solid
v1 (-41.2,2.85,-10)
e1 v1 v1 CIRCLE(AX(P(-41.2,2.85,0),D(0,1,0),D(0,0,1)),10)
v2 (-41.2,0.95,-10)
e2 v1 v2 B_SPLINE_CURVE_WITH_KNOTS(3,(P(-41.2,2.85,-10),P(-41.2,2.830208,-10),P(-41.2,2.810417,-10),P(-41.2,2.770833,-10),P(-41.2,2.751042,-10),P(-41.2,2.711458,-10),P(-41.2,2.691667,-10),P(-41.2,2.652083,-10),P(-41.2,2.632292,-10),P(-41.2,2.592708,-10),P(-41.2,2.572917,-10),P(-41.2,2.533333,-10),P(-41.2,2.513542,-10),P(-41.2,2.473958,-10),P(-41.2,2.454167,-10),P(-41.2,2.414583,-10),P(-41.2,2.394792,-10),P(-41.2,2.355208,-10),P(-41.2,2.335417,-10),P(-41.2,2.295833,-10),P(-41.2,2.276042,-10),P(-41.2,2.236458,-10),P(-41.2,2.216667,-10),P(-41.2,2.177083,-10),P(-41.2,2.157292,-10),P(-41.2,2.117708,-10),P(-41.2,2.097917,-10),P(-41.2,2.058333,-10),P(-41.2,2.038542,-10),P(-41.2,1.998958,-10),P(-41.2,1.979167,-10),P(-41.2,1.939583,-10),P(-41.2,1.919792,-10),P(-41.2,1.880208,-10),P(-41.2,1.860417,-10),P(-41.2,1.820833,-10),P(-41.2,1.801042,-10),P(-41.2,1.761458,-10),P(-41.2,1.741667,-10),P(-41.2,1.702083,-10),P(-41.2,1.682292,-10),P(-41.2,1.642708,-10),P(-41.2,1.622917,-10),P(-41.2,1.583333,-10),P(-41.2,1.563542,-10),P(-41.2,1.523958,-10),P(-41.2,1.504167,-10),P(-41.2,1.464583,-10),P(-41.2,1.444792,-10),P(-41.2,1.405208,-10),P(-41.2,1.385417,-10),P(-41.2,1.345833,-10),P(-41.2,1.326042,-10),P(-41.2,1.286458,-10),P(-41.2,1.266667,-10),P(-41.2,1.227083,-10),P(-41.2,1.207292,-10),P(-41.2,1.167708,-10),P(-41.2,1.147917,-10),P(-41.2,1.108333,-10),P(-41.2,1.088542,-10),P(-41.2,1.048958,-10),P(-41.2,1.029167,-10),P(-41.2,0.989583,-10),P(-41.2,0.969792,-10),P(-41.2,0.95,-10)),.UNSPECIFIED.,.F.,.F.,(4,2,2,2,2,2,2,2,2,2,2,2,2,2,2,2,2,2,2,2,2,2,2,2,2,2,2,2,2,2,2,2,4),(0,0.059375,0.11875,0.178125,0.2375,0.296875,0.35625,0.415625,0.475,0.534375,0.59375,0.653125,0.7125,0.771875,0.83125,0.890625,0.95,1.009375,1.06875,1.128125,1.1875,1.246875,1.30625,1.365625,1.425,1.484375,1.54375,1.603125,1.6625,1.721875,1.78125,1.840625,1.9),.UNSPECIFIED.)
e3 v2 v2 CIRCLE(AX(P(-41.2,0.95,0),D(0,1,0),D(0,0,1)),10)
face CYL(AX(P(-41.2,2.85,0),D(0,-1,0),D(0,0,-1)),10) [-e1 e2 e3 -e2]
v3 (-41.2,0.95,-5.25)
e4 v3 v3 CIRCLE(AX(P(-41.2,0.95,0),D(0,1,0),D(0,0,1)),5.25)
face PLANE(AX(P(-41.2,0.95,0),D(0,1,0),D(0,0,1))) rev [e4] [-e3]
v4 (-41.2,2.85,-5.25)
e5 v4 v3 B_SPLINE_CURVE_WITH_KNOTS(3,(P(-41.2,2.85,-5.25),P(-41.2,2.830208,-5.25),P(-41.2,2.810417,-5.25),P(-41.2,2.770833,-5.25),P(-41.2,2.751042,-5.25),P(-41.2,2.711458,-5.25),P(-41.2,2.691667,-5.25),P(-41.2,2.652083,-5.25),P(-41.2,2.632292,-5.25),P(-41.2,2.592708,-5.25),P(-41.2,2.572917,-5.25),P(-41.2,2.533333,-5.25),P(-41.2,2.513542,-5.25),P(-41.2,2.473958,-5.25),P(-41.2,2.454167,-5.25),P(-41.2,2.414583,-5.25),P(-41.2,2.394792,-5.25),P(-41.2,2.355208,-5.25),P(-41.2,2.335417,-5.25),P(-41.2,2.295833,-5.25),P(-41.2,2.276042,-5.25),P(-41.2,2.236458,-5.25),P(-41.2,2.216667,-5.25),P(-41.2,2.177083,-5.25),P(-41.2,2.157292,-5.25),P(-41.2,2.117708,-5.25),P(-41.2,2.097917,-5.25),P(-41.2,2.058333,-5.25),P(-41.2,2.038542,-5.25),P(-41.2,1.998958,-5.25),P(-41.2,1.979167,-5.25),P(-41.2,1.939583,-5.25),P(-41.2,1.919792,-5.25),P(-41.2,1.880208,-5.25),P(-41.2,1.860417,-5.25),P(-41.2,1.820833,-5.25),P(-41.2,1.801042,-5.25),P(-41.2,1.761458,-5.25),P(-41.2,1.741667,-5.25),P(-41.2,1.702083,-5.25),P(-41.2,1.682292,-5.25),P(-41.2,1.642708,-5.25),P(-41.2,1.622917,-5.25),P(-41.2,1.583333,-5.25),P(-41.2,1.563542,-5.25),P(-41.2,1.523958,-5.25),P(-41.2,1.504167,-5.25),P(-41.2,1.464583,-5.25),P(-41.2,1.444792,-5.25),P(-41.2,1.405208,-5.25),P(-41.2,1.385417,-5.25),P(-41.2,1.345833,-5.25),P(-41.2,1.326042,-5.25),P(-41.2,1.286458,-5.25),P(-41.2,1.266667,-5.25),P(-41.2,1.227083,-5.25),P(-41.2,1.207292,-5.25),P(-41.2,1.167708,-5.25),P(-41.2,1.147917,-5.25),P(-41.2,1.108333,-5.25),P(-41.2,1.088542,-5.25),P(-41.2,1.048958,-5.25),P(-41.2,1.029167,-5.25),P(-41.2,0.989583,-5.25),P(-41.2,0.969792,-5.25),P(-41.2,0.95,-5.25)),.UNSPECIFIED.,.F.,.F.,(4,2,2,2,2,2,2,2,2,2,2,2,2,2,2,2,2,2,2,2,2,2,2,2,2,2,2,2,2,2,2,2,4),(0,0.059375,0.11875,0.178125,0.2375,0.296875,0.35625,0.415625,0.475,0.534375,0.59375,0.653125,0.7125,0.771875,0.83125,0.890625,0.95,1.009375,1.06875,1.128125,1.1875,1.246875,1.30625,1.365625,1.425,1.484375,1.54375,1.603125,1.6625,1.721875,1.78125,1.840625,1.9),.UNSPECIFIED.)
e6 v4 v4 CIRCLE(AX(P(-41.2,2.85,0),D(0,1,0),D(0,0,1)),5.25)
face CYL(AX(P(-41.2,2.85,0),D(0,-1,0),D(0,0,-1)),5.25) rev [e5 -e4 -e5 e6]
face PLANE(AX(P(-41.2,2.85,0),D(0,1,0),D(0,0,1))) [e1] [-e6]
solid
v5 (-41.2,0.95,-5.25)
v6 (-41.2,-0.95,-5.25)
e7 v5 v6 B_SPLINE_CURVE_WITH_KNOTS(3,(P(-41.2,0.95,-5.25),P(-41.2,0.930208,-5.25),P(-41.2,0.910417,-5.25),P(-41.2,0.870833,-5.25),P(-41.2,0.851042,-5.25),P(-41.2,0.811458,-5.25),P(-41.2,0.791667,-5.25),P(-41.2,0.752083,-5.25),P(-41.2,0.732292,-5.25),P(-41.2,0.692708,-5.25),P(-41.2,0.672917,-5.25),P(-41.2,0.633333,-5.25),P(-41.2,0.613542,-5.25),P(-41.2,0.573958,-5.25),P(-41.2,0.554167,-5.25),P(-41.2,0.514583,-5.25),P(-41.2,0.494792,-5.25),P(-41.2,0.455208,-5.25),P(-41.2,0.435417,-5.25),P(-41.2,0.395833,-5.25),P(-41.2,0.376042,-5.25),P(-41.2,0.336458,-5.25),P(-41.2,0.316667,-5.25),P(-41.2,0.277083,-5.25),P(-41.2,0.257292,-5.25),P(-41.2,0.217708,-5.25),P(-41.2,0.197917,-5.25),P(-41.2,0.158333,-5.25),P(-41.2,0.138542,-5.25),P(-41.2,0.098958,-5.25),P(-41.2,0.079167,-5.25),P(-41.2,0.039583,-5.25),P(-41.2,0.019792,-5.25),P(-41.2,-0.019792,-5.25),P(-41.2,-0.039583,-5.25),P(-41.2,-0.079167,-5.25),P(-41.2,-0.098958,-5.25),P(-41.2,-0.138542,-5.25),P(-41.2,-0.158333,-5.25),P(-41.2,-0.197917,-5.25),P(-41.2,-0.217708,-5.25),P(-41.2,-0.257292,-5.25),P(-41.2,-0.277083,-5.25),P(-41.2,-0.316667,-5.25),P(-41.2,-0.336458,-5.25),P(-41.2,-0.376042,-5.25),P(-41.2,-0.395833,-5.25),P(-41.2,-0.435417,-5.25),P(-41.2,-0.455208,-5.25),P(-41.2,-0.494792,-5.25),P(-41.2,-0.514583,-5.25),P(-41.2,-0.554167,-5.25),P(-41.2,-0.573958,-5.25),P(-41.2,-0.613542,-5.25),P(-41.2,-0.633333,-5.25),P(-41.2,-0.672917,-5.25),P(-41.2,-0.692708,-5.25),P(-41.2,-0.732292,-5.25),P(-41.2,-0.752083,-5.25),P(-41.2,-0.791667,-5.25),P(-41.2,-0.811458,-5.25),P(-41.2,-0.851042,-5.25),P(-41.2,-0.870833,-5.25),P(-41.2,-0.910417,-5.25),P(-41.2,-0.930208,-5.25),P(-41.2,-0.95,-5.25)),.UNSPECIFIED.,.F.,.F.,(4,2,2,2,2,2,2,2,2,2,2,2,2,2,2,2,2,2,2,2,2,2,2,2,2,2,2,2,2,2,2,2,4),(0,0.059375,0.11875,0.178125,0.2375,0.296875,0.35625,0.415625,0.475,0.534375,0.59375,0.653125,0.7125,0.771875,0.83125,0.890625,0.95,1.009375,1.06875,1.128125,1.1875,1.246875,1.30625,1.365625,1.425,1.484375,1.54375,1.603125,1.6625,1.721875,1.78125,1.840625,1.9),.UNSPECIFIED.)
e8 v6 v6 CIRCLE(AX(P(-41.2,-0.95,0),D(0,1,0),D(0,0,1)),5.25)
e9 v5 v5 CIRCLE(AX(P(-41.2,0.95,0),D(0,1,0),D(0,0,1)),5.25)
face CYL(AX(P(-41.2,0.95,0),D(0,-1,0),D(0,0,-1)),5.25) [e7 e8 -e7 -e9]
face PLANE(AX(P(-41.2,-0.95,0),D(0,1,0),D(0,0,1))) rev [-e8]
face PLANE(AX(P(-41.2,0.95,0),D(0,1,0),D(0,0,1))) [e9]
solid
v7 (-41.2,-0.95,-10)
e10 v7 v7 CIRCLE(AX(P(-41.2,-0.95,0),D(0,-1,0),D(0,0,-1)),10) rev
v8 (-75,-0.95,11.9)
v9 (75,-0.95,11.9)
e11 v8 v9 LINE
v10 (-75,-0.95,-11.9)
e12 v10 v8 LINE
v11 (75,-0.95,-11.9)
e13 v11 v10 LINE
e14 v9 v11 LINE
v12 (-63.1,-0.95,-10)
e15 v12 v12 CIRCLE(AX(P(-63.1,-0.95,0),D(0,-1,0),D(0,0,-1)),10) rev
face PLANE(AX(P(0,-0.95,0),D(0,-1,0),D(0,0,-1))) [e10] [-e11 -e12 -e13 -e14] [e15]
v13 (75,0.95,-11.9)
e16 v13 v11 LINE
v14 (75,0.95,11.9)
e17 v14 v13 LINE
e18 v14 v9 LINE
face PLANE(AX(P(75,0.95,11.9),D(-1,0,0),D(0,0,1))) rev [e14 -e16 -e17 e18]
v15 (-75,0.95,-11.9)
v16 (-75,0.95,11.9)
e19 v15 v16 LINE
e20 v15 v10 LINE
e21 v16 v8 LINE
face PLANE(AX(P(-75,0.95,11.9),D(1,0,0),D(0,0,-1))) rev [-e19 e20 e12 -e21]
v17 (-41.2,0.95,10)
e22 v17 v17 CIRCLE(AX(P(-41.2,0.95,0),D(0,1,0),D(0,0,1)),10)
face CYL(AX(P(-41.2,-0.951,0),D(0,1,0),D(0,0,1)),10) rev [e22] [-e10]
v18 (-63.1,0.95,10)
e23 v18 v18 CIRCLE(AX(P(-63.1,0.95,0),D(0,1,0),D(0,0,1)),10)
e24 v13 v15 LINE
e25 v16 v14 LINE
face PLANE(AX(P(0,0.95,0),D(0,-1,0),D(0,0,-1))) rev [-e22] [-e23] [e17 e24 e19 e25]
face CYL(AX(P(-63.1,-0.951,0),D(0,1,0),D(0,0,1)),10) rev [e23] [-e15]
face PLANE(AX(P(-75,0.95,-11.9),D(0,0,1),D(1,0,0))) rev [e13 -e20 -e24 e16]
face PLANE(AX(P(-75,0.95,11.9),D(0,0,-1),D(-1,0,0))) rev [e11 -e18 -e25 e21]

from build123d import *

# Parameters (mm, degrees)
SKETCH1_W           = 150
SKETCH1_H           = 23.8
BOSS_EXTRUDE1_DEPTH = 0.95
CUT_EXTRUDE2_REACH  = 77.962
SKETCH6_R           = 10
CUT_EXTRUDE1_REACH  = 77.962
SKETCH3_R           = 10
SKETCH4_R           = 10
SKETCH4_R_2         = 5.25
BOSS_EXTRUDE3_DEPTH = 0.95
SKETCH5_R           = 5.25
BOSS_EXTRUDE4_DEPTH = 0.95


with BuildPart() as part:
    # Sketch1 → Boss-Extrude1 (new, symmetric)
    with BuildSketch(Plane(origin=(0, 0, 0), x_dir=(1, 0, 0), z_dir=(0, 1, 0))):
        Rectangle(SKETCH1_W, SKETCH1_H)
    extrude(amount=BOSS_EXTRUDE1_DEPTH, both=True)

    # Sketch6 → Cut-Extrude2 (cut, up to next)
    with BuildSketch(Plane(origin=(0, 0.95, 0), x_dir=(1, 0, 0), z_dir=(0, 1, 0)), mode=Mode.PRIVATE) as cut_extrude2_sk1:
        with Locations(Location((-63.1, 0, 0), (0, 0, 270))):
            Circle(SKETCH6_R)
    cut_extrude2_tool1 = extrude(cut_extrude2_sk1.sketch, amount=-CUT_EXTRUDE2_REACH, mode=Mode.PRIVATE) & part.part
    add(cut_extrude2_tool1.solids().sort_by_distance((-63.1, 0.95, 0))[0], mode=Mode.SUBTRACT)

    # Sketch3 → Cut-Extrude1 (cut, up to next)
    with BuildSketch(Plane(origin=(0, 0.95, 0), x_dir=(1, 0, 0), z_dir=(0, 1, 0)), mode=Mode.PRIVATE) as cut_extrude1_sk1:
        with Locations(Location((-41.2, 0, 0), (0, 0, 270))):
            Circle(SKETCH3_R)
    cut_extrude1_tool1 = extrude(cut_extrude1_sk1.sketch, amount=-CUT_EXTRUDE1_REACH, mode=Mode.PRIVATE) & part.part
    add(cut_extrude1_tool1.solids().sort_by_distance((-41.2, 0.95, 0))[0], mode=Mode.SUBTRACT)


with BuildPart() as body_2:
    # Sketch4 → Boss-Extrude3 (new, symmetric)
    with BuildSketch(Plane(origin=(0, 1.9, 0), x_dir=(1, 0, 0), z_dir=(0, 1, 0))):
        with Locations(Location((-41.2, 0, 0), (0, 0, 90))):
            Circle(SKETCH4_R)
        with Locations(Location((-41.2, 0, 0), (0, 0, 90))):
            Circle(SKETCH4_R_2, mode=Mode.SUBTRACT)
    extrude(amount=BOSS_EXTRUDE3_DEPTH, both=True)


with BuildPart() as body_3:
    # Sketch5 → Boss-Extrude4 (new, symmetric)
    with BuildSketch(Plane(origin=(0, 0, 0), x_dir=(1, 0, 0), z_dir=(0, 1, 0))):
        with Locations(Location((-41.2, 0, 0), (0, 0, 90))):
            Circle(SKETCH5_R)
    extrude(amount=BOSS_EXTRUDE4_DEPTH, both=True)


solid = Compound([part.part, body_2.part, body_3.part])
